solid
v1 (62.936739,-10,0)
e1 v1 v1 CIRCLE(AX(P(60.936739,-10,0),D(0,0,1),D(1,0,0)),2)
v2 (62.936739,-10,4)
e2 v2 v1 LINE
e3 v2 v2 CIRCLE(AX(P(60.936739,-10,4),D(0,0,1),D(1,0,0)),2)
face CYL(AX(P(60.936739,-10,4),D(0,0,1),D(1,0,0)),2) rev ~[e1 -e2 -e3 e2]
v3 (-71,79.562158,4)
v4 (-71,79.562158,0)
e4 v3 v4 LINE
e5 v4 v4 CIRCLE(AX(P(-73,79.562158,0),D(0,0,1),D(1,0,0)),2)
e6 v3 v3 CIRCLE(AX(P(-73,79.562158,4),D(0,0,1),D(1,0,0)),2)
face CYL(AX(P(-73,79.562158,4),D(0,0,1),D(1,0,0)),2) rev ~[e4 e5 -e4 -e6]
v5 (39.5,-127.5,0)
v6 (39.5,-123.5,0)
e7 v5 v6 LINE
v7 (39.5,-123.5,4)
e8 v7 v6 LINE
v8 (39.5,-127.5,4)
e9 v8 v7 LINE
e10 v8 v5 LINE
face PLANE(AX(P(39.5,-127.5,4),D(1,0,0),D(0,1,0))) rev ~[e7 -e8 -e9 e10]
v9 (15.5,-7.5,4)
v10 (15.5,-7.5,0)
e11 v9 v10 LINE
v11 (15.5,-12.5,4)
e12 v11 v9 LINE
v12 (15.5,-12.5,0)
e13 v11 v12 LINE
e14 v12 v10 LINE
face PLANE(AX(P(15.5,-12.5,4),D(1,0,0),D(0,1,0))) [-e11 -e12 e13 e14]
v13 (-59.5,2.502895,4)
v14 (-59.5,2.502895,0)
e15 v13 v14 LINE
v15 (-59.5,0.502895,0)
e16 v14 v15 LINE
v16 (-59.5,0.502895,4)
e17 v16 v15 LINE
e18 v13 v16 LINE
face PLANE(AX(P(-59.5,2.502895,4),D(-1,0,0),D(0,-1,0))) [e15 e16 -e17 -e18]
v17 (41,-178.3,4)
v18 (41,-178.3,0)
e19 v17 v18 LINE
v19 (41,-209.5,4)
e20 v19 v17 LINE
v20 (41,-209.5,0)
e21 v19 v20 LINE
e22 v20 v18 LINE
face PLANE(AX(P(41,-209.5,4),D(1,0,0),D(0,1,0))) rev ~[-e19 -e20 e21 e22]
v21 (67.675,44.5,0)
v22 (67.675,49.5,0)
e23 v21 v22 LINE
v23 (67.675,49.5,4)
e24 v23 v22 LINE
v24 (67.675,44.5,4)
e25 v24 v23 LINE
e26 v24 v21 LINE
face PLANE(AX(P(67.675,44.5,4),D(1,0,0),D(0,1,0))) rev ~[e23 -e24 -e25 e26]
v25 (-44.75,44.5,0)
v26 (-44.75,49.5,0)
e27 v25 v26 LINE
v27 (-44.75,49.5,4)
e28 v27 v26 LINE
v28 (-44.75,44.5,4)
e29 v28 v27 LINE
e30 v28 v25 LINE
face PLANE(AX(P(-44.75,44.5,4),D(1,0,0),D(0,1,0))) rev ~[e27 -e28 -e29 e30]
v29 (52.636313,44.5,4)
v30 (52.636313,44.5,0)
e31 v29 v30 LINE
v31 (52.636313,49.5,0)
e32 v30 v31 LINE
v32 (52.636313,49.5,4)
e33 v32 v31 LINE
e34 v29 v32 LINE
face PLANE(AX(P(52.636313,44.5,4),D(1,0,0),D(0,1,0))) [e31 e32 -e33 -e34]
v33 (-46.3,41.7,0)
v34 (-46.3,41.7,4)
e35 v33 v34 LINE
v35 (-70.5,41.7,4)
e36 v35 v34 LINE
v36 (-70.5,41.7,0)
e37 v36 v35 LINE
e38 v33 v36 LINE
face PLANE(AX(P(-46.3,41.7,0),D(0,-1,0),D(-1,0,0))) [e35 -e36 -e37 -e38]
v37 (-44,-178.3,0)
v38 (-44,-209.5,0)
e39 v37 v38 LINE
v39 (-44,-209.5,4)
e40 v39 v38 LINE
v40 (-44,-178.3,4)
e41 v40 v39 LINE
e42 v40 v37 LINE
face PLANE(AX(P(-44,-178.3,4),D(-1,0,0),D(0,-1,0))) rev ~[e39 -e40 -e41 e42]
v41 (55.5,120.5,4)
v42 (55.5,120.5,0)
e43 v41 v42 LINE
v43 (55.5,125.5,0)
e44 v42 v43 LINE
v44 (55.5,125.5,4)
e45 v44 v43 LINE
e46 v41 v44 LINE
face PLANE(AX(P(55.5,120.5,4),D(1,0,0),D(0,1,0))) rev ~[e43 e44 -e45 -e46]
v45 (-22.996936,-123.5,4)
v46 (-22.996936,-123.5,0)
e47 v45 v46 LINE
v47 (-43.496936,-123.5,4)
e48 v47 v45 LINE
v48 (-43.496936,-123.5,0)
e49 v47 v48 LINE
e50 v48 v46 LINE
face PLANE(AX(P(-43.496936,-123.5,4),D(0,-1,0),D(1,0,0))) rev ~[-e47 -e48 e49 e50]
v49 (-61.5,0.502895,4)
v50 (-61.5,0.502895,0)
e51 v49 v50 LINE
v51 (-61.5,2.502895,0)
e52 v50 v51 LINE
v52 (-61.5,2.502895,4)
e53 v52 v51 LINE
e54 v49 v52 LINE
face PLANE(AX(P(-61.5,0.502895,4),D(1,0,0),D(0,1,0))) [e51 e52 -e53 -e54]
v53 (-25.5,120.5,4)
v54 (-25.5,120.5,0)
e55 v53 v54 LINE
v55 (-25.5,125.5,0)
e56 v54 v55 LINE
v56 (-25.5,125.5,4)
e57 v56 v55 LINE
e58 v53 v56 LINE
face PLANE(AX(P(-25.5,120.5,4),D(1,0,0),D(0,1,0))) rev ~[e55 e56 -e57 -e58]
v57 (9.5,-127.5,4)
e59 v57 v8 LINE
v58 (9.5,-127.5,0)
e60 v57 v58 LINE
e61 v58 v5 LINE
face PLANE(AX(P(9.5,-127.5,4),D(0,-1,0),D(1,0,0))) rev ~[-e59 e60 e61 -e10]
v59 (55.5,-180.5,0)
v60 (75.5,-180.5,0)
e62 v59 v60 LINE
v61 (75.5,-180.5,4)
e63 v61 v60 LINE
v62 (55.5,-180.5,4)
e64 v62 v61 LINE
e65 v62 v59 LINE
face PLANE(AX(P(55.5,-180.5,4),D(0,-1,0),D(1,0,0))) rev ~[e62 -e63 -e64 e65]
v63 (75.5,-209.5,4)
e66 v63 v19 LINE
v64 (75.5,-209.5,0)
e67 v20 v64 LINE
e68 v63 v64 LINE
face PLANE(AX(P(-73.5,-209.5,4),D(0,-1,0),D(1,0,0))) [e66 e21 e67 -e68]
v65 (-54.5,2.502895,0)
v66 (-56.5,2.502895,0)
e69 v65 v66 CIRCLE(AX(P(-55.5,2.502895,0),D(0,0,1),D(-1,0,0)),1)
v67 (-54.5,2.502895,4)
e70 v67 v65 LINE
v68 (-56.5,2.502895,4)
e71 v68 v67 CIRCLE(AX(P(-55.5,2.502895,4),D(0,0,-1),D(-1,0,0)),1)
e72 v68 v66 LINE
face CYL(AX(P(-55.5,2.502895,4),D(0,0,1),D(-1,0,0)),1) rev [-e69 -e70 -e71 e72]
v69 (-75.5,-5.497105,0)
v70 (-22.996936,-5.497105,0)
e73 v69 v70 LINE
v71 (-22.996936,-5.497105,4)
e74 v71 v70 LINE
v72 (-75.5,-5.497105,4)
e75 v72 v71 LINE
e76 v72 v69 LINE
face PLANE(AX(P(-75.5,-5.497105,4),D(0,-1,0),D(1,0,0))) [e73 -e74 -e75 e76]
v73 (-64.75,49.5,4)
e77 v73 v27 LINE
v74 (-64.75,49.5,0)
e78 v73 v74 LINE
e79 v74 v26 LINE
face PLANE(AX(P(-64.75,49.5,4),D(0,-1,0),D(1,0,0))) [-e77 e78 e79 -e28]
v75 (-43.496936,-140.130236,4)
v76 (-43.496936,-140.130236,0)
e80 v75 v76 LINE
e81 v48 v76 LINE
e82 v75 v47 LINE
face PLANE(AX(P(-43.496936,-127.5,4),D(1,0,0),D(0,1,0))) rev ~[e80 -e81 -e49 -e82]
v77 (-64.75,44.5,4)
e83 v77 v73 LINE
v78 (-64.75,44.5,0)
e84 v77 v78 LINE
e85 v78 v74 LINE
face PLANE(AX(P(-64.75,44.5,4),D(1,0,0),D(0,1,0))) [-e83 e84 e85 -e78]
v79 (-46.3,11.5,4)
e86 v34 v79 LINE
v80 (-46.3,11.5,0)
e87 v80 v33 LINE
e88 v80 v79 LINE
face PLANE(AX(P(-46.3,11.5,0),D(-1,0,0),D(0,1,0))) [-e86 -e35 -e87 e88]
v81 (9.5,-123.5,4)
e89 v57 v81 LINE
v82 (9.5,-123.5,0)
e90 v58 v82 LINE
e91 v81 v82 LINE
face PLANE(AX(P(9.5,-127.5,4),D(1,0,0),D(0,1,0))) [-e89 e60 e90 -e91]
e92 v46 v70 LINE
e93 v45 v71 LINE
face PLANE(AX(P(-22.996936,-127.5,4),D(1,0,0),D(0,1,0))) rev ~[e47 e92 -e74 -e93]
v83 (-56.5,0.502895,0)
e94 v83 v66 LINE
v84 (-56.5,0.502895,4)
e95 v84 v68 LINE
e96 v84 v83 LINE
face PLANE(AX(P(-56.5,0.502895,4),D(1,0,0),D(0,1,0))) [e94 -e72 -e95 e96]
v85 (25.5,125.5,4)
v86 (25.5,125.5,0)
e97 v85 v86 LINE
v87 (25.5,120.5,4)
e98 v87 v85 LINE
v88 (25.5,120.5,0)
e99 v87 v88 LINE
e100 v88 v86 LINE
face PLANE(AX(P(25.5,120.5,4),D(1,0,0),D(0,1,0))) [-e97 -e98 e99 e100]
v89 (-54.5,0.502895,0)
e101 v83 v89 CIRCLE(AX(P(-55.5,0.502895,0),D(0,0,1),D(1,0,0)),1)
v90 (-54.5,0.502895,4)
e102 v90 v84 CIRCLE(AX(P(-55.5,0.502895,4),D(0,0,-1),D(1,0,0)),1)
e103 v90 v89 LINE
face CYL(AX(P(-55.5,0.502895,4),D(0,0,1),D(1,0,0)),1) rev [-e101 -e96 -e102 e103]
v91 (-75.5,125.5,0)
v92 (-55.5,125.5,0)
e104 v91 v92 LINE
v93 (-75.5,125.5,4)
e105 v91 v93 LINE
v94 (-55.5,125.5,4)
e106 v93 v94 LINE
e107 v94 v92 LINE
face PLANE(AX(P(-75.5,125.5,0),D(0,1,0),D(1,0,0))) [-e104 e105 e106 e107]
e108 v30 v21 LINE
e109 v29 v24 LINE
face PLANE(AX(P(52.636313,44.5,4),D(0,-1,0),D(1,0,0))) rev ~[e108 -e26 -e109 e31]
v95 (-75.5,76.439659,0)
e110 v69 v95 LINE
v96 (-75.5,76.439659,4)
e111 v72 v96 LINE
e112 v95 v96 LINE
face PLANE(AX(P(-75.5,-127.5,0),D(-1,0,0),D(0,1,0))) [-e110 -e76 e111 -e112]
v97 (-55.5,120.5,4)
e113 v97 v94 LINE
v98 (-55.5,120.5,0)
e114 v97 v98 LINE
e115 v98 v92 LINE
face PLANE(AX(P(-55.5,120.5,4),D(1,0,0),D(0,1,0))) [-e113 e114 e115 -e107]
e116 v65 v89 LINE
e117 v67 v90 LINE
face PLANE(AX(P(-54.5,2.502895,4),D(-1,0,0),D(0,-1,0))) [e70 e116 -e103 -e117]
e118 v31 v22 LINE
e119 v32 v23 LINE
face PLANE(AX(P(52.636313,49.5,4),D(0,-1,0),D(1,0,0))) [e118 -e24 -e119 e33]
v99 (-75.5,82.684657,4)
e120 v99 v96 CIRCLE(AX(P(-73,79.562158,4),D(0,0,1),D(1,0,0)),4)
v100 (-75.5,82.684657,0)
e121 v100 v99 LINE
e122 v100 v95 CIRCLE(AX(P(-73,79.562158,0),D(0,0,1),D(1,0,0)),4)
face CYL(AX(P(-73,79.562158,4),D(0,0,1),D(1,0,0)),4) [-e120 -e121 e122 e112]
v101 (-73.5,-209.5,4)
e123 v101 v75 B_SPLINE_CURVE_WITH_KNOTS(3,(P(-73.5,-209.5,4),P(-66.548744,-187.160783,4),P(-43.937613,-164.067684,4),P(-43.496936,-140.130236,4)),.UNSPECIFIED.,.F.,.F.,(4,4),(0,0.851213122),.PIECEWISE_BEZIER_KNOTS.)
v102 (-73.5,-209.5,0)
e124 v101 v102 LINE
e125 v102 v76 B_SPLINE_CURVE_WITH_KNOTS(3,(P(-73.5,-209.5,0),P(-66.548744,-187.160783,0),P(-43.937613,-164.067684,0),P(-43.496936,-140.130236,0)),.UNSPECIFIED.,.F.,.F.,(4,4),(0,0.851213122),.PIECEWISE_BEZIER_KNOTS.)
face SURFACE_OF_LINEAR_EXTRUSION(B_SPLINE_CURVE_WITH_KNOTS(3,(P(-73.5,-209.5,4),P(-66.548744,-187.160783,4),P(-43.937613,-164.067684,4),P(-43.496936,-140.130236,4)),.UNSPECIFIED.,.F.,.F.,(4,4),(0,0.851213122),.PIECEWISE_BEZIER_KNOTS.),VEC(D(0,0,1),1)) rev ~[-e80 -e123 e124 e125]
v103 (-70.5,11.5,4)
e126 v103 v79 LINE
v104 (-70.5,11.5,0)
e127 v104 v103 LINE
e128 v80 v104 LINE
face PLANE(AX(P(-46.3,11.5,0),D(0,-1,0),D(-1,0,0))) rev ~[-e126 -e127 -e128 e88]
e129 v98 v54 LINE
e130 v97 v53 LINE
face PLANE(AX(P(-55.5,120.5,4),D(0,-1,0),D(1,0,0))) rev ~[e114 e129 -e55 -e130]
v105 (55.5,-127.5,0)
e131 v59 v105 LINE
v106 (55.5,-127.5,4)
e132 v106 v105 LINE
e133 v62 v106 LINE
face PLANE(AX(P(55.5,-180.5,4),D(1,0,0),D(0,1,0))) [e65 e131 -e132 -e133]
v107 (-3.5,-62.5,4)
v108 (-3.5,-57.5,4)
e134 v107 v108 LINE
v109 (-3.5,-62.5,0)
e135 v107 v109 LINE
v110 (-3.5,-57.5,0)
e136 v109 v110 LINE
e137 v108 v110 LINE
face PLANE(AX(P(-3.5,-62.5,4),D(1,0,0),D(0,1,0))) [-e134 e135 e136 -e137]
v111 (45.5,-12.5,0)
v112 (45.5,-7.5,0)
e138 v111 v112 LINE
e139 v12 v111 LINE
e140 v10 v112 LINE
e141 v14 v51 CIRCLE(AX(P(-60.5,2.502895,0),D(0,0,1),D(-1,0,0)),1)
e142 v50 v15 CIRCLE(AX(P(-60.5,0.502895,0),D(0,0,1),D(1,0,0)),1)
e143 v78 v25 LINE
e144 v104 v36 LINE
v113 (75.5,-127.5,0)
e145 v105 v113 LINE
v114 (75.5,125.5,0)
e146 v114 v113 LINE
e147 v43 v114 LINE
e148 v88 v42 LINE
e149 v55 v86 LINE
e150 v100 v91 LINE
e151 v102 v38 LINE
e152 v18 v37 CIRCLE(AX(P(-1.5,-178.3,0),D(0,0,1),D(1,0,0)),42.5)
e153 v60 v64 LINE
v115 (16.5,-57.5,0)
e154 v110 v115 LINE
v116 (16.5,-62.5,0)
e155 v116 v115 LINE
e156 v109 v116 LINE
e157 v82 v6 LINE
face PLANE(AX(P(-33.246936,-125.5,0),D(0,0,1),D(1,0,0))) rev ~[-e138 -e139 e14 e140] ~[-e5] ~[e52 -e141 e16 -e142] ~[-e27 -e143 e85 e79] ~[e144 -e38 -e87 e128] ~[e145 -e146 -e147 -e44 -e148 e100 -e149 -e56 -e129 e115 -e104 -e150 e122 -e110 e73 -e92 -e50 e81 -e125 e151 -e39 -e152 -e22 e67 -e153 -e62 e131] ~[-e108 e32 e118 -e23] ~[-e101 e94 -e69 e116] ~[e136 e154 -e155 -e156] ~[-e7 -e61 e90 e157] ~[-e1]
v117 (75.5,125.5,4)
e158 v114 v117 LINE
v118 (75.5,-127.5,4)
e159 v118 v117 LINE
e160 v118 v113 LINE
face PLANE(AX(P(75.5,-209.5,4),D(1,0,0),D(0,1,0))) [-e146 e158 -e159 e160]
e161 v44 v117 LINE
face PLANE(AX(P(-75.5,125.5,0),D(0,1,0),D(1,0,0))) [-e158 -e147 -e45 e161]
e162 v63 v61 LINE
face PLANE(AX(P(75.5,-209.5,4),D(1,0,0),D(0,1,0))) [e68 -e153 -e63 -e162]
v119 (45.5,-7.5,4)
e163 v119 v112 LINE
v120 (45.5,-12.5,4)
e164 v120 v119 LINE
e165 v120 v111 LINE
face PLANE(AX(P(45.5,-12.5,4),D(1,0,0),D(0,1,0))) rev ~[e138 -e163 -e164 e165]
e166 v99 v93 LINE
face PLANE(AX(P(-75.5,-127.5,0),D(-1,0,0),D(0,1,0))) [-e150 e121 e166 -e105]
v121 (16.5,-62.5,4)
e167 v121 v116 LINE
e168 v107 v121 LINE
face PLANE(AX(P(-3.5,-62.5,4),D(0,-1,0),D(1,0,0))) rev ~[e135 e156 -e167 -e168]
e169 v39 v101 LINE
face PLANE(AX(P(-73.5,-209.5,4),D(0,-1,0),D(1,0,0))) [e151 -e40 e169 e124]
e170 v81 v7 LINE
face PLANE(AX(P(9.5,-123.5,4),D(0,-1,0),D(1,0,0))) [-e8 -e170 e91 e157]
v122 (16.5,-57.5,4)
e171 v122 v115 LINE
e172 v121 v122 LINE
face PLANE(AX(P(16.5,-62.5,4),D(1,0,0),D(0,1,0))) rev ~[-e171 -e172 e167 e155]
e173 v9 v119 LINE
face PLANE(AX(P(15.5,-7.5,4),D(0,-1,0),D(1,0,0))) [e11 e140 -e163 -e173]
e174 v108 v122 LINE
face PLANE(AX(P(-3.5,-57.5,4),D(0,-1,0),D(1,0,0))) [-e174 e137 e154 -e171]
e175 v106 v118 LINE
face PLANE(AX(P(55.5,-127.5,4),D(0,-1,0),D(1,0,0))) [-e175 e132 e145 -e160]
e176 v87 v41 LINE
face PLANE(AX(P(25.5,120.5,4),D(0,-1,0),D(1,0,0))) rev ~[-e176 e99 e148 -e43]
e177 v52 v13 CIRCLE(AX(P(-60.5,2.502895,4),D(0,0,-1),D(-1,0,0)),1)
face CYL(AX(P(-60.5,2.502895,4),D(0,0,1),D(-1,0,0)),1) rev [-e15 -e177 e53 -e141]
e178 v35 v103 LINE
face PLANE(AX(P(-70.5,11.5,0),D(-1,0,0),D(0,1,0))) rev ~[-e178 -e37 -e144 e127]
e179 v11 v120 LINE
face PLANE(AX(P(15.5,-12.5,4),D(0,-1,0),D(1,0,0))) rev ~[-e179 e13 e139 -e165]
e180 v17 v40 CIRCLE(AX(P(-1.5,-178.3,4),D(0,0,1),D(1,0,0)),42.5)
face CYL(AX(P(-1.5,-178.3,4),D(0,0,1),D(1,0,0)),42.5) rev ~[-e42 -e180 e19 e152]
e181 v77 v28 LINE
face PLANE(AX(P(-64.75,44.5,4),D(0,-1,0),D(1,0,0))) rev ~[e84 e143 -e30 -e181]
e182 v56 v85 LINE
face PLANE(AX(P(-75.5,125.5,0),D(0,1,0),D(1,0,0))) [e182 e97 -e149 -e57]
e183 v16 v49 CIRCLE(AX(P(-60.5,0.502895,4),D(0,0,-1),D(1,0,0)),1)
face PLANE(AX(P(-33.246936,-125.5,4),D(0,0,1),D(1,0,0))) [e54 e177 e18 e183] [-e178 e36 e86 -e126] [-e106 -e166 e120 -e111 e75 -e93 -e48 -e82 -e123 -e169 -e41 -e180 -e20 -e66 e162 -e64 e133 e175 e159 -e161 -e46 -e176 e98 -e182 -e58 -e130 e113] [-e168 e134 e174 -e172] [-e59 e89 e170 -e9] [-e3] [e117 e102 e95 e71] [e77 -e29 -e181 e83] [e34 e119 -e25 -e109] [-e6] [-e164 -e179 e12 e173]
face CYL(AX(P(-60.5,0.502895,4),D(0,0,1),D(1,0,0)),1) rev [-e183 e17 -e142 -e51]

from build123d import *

# Parameters (mm, degrees)
SKETCH1_W           = 151
SKETCH1_H           = 253
BOSS_EXTRUDE1_DEPTH = 4
SKETCH2_W           = 52.50306414
SKETCH2_H           = 122.00289527
CUT_EXTRUDE1_DEPTH  = 5
CUT_EXTRUDE4_DEPTH  = 5
SKETCH8_R           = 2
CUT_EXTRUDE6_DEPTH  = 5
SKETCH10_R          = 4
SKETCH10_R_2        = 2
BOSS_EXTRUDE3_DEPTH = 4
SKETCH11_W          = 24.2
SKETCH11_H          = 30.2
CUT_EXTRUDE9_DEPTH  = 10
SKETCH16_W          = 118.99693586
SKETCH16_H          = 82
BOSS_EXTRUDE4_DEPTH = 4
BOSS_EXTRUDE5_DEPTH = 4
CUT_EXTRUDE13_DEPTH = 10
SKETCH27_W          = 20
SKETCH27_H          = 53
CUT_EXTRUDE14_DEPTH = 5
SKETCH29_W          = 20.5
SKETCH29_H          = 4
BOSS_EXTRUDE6_DEPTH = 4
SKETCH31_W          = 30
SKETCH31_H          = 5
SKETCH31_W_2        = 15.03868673
SKETCH31_W_3        = 20
SKETCH31_H_2        = 4
CUT_EXTRUDE16_DEPTH = 10
SKETCH32_R          = 2
CUT_EXTRUDE17_DEPTH = 10


with BuildPart() as part:
    # Sketch1 → Boss-Extrude1 (new body)
    with BuildSketch(Plane.XY):
        with Locations((0, -1)):
            Rectangle(SKETCH1_W, SKETCH1_H)
    extrude(amount=BOSS_EXTRUDE1_DEPTH)

    # Sketch2 → Cut-Extrude1 (cut)
    with BuildSketch(Plane.XY.offset(4)):
        with Locations((-49.24846793, -66.498552365)):
            Rectangle(SKETCH2_W, SKETCH2_H)
    extrude(amount=-CUT_EXTRUDE1_DEPTH, mode=Mode.SUBTRACT)

    # Sketch5 → Cut-Extrude4 (cut)
    with BuildSketch(Plane.XY.offset(4)):
        with BuildLine():
            Line((-61.5, 0.50289527), (-61.5, 2.50289527))
            ThreePointArc((-61.5, 2.50289527), (-60.5, 3.50289527), (-59.5, 2.50289527))
            Line((-59.5, 2.50289527), (-59.5, 0.50289527))
            ThreePointArc((-59.5, 0.50289527), (-60.5, -0.49710473), (-61.5, 0.50289527))
        make_face()
        with BuildLine():
            Line((-56.5, 0.50289527), (-56.5, 2.50289527))
            ThreePointArc((-56.5, 2.50289527), (-55.5, 3.50289527), (-54.5, 2.50289527))
            Line((-54.5, 2.50289527), (-54.5, 0.50289527))
            ThreePointArc((-54.5, 0.50289527), (-55.5, -0.49710473), (-56.5, 0.50289527))
        make_face()
    extrude(amount=-CUT_EXTRUDE4_DEPTH, mode=Mode.SUBTRACT)

    # Sketch8 → Cut-Extrude6 (cut)
    with BuildSketch(Plane.XY.offset(4)):
        with Locations((-73, 79.562158061)):
            Circle(SKETCH8_R)
    extrude(amount=-CUT_EXTRUDE6_DEPTH, mode=Mode.SUBTRACT)

    # Sketch10 → Boss-Extrude3 (add)
    with BuildSketch(Plane.XY.offset(4)):
        with Locations((-73, 79.562158061)):
            Circle(SKETCH10_R)
        with Locations((-73, 79.562158061)):
            Circle(SKETCH10_R_2, mode=Mode.SUBTRACT)
    extrude(amount=-BOSS_EXTRUDE3_DEPTH)

    # Sketch11 → Cut-Extrude9 (cut)
    with BuildSketch(Plane(origin=(0, 0, 0), x_dir=(-1, 0, 0), z_dir=(0, 0, -1))):
        with Locations((58.4, 26.6)):
            Rectangle(SKETCH11_W, SKETCH11_H)
    extrude(amount=-CUT_EXTRUDE9_DEPTH, mode=Mode.SUBTRACT)

    # Sketch16 → Boss-Extrude4 (add)
    with BuildSketch(Plane.XY.offset(4)):
        with Locations((16.00153207, -168.5)):
            Rectangle(SKETCH16_W, SKETCH16_H)
    extrude(amount=-BOSS_EXTRUDE4_DEPTH)

    # Sketch24 → Boss-Extrude5 (add)
    with BuildSketch(Plane.XY.offset(4)):
        with BuildLine():
            Line((-43.49693586, -209.5), (-43.49693586, -140.130236158))
            add(Edge.make_bspline(
                [(-73.5, -209.5), (-66.548744275, -187.160783495), (-43.937613379, -164.067684131), (-43.49693586, -140.130236158)],
                knots=[0, 0, 0, 0, 0.851213122, 0.851213122, 0.851213122, 0.851213122], degree=3))
            Line((-73.5, -209.5), (-43.49693586, -209.5))
        make_face()
    extrude(amount=-BOSS_EXTRUDE5_DEPTH)

    # Sketch26 → Cut-Extrude13 (cut)
    with BuildSketch(Plane.XY.offset(4)):
        with BuildLine():
            Line((-44, -178.3), (-44, -209.5))
            Line((-44, -209.5), (41, -209.5))
            Line((41, -209.5), (41, -178.3))
            ThreePointArc((41, -178.3), (-1.5, -135.8), (-44, -178.3))
        make_face()
    extrude(amount=-CUT_EXTRUDE13_DEPTH, mode=Mode.SUBTRACT)

    # Sketch27 → Cut-Extrude14 (cut)
    with BuildSketch(Plane.XY.offset(4)):
        with Locations((65.5, -154)):
            Rectangle(SKETCH27_W, SKETCH27_H)
    extrude(amount=-CUT_EXTRUDE14_DEPTH, mode=Mode.SUBTRACT)

    # Sketch29 → Boss-Extrude6 (add)
    with BuildSketch(Plane.XY.offset(4)):
        with Locations((-33.24693586, -125.5)):
            Rectangle(SKETCH29_W, SKETCH29_H)
    extrude(amount=-BOSS_EXTRUDE6_DEPTH)

    # Sketch31 → Cut-Extrude16 (cut)
    with BuildSketch(Plane.XY.offset(4)):
        with Locations((40.5, 123)):
            Rectangle(SKETCH31_W, SKETCH31_H)
        with Locations((-40.5, 123)):
            Rectangle(SKETCH31_W, SKETCH31_H)
        with Locations((60.155656635, 47)):
            Rectangle(SKETCH31_W_2, SKETCH31_H)
        with Locations((30.5, -10)):
            Rectangle(SKETCH31_W, SKETCH31_H)
        with Locations((6.5, -60)):
            Rectangle(SKETCH31_W_3, SKETCH31_H)
        with Locations((-54.75, 47)):
            Rectangle(SKETCH31_W_3, SKETCH31_H)
        with Locations((24.5, -125.5)):
            Rectangle(SKETCH31_W, SKETCH31_H_2)
    extrude(amount=-CUT_EXTRUDE16_DEPTH, mode=Mode.SUBTRACT)

    # Sketch32 → Cut-Extrude17 (cut)
    with BuildSketch(Plane.XY.offset(4)):
        with Locations((60.936739195, -10)):
            Circle(SKETCH32_R)
    extrude(amount=-CUT_EXTRUDE17_DEPTH, mode=Mode.SUBTRACT)


solid = part.part
